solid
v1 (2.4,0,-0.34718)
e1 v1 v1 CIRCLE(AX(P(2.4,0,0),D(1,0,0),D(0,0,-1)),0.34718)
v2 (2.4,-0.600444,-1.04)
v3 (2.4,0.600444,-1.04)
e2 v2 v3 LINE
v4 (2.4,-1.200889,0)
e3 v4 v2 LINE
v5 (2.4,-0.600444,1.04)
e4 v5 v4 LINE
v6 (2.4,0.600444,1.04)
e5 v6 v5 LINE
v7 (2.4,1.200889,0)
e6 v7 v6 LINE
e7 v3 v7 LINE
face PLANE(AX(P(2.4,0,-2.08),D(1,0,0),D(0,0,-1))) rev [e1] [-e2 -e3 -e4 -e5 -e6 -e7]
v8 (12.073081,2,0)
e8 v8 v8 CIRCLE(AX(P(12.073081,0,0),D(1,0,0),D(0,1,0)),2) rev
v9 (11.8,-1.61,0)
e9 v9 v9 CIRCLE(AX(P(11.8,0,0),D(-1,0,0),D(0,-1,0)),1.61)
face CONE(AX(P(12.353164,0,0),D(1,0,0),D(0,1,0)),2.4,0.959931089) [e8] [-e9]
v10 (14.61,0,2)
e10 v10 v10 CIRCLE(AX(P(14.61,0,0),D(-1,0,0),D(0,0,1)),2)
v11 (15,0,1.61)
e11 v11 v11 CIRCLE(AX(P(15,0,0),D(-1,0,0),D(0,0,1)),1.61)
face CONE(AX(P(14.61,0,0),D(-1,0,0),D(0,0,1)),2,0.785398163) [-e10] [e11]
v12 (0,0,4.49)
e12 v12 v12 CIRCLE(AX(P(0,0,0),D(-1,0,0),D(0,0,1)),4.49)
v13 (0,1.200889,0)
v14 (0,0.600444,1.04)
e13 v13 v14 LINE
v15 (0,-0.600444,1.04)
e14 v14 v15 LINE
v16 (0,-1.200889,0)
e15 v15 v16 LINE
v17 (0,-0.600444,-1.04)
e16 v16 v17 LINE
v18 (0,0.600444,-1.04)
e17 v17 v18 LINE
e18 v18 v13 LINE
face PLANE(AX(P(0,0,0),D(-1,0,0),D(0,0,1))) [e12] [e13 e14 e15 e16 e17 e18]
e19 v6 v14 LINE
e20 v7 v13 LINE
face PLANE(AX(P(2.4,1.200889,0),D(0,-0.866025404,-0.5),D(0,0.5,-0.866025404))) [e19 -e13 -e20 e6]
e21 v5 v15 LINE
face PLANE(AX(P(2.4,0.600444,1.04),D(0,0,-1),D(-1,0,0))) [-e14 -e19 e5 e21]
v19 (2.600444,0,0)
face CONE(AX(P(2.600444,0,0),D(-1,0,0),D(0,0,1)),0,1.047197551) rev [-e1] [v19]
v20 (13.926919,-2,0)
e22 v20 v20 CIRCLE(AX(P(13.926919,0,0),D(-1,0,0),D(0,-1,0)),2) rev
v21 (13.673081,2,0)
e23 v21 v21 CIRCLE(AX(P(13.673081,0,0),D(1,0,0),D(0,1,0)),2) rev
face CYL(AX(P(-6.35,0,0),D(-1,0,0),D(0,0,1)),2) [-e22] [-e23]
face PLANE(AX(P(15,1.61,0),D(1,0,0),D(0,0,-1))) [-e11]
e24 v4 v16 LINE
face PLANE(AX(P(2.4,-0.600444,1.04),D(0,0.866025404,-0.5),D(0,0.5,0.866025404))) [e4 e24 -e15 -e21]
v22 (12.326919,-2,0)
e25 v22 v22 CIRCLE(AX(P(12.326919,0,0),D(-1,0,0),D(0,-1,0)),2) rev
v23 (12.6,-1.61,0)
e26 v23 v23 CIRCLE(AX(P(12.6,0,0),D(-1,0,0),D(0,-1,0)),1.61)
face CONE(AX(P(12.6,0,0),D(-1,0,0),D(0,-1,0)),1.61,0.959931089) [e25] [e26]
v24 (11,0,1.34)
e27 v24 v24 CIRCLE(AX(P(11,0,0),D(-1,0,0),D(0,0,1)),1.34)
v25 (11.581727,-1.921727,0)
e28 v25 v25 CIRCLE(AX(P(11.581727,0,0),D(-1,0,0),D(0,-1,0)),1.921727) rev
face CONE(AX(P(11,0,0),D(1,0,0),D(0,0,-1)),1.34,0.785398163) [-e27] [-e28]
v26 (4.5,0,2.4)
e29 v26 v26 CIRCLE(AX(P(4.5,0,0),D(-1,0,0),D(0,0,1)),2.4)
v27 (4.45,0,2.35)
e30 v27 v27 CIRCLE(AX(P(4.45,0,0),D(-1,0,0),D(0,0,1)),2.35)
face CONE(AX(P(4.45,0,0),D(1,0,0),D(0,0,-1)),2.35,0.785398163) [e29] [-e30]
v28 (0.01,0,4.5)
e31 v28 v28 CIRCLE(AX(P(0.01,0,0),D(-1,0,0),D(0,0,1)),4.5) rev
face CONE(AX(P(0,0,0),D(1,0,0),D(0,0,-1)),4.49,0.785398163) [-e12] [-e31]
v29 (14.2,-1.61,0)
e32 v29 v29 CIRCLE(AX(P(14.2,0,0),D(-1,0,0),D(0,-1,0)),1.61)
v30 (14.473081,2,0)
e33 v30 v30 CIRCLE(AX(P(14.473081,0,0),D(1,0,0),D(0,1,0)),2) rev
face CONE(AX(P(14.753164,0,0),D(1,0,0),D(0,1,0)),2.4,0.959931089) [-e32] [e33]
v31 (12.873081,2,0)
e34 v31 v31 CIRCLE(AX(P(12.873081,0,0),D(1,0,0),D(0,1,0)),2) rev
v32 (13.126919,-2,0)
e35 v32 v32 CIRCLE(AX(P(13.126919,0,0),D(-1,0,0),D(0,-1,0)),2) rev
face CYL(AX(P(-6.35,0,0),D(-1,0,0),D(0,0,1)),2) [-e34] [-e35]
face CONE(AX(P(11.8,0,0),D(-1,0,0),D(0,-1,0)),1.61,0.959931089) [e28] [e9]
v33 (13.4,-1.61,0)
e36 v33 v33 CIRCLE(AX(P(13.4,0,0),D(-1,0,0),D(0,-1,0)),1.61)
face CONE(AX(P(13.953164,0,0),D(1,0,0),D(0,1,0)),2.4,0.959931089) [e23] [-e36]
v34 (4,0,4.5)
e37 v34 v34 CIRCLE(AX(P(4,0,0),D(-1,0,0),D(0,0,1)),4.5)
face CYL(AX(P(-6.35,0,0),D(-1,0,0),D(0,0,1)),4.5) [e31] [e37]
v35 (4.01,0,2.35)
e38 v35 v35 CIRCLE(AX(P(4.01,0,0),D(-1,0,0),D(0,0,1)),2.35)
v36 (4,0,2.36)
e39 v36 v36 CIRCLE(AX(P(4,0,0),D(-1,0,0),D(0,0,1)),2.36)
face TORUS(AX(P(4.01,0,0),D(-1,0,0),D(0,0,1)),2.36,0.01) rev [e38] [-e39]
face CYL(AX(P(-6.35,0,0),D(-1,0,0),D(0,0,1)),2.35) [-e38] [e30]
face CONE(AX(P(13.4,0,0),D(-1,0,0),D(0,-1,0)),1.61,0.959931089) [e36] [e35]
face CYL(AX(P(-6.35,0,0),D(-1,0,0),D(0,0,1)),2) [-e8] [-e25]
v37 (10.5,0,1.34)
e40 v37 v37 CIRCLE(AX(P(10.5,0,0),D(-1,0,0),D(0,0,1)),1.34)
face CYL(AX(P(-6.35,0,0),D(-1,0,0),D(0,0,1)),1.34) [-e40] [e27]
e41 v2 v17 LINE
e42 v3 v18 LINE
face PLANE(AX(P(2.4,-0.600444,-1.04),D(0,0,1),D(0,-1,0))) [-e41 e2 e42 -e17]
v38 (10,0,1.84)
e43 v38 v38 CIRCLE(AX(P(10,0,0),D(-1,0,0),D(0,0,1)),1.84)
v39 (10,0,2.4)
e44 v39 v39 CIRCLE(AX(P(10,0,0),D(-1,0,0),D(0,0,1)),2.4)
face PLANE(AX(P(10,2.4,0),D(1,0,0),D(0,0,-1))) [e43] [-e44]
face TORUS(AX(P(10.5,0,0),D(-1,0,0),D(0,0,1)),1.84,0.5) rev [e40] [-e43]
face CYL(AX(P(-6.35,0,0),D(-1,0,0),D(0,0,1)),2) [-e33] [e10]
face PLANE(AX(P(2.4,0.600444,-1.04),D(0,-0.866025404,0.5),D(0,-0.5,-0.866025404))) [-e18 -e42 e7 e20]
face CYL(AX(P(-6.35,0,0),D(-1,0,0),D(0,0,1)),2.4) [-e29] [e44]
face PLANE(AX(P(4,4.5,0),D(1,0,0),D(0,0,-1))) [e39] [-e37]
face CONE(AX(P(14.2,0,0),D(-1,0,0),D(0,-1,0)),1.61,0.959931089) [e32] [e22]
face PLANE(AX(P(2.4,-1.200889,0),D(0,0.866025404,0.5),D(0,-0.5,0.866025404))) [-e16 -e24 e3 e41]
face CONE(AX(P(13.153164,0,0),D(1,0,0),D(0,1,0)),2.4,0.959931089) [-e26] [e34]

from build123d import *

# Parameters (mm, degrees)
CHAMFER1_SIZE   = 0.01
HEX_2_DEPTH     = 2.4
THDSCHPAT_COUNT = 4
THDSCHPAT_PITCH = 0.8


with BuildPart() as part:
    # BodySke → BaseBody (revolve)
    with BuildSketch(Plane.XY, mode=Mode.PRIVATE) as basebody_sk:
        with BuildLine():
            Line((0, 0), (0, 4.5))
            Line((0, 4.5), (4, 4.5))
            Line((4, 4.5), (4, 2.36))
            ThreePointArc((4, 2.36), (4.002928932, 2.352928932), (4.01, 2.35))
            Line((4.01, 2.35), (4.45, 2.35))
            Line((4.45, 2.35), (4.5, 2.4))
            Line((4.5, 2.4), (10, 2.4))
            Line((10, 2.4), (10, 1.84))
            ThreePointArc((10, 1.84), (10.146446609, 1.486446609), (10.5, 1.34))
            Line((10.5, 1.34), (11, 1.34))
            Line((11, 1.34), (11.66, 2))
            Line((11.66, 2), (14.61, 2))
            Line((14.61, 2), (15, 1.61))
            Line((15, 1.61), (15, 0))
            Line((15, 0), (0, 0))
        make_face()
    revolve(basebody_sk.sketch.rotate(Axis((-6.35, 0, 0), (1, 0, 0)), 90), axis=Axis((-6.35, 0, 0), (1, 0, 0)))

    # Chamfer1
    chamfer1_edges = [part.edges().sort_by_distance(p)[0] for p in [
        (0, 0, -4.5),
    ]]
    chamfer(chamfer1_edges, length=CHAMFER1_SIZE)

    # Sketch2 → PreBroach (revolve, cut)
    with BuildSketch(Plane.XY, mode=Mode.PRIVATE) as prebroach_sk:
        Polygon((0, 1.04), (2, 1.04), (2.60044428, 0), (0, 0), align=None)
    revolve(prebroach_sk.sketch.rotate(Axis((0, 0, 0), (1, 0, 0)), 90), axis=Axis((0, 0, 0), (1, 0, 0)), mode=Mode.SUBTRACT)

    # Sketch3 → Hex 2 (cut)
    with BuildSketch(Plane.ZY):
        Polygon((-1.04, -0.60044428), (-1.04, 0.60044428), (0, 1.20088856), (1.04, 0.60044428), (1.04, -0.60044428), (0, -1.20088856), align=None)
    extrude(amount=-HEX_2_DEPTH, mode=Mode.SUBTRACT)

    # ThdSchSke → ThreadSchematic (revolve, cut)
    with BuildSketch(Plane.XY):
        Polygon((11.8, -1.61), (11.246836045, -2.4), (11.246836045, -3), (12.353163955, -3), (12.353163955, -2.4), align=None)
    threadschematic = revolve(axis=Axis((-3.175, 0, 0), (1, 0, 0)), mode=Mode.SUBTRACT)

    # ThdSchPat: ThreadSchematic ×4
    with Locations(*[(i * THDSCHPAT_PITCH, 0, 0) for i in range(1, THDSCHPAT_COUNT)]):
        add(threadschematic, mode=Mode.SUBTRACT)


solid = part.part
